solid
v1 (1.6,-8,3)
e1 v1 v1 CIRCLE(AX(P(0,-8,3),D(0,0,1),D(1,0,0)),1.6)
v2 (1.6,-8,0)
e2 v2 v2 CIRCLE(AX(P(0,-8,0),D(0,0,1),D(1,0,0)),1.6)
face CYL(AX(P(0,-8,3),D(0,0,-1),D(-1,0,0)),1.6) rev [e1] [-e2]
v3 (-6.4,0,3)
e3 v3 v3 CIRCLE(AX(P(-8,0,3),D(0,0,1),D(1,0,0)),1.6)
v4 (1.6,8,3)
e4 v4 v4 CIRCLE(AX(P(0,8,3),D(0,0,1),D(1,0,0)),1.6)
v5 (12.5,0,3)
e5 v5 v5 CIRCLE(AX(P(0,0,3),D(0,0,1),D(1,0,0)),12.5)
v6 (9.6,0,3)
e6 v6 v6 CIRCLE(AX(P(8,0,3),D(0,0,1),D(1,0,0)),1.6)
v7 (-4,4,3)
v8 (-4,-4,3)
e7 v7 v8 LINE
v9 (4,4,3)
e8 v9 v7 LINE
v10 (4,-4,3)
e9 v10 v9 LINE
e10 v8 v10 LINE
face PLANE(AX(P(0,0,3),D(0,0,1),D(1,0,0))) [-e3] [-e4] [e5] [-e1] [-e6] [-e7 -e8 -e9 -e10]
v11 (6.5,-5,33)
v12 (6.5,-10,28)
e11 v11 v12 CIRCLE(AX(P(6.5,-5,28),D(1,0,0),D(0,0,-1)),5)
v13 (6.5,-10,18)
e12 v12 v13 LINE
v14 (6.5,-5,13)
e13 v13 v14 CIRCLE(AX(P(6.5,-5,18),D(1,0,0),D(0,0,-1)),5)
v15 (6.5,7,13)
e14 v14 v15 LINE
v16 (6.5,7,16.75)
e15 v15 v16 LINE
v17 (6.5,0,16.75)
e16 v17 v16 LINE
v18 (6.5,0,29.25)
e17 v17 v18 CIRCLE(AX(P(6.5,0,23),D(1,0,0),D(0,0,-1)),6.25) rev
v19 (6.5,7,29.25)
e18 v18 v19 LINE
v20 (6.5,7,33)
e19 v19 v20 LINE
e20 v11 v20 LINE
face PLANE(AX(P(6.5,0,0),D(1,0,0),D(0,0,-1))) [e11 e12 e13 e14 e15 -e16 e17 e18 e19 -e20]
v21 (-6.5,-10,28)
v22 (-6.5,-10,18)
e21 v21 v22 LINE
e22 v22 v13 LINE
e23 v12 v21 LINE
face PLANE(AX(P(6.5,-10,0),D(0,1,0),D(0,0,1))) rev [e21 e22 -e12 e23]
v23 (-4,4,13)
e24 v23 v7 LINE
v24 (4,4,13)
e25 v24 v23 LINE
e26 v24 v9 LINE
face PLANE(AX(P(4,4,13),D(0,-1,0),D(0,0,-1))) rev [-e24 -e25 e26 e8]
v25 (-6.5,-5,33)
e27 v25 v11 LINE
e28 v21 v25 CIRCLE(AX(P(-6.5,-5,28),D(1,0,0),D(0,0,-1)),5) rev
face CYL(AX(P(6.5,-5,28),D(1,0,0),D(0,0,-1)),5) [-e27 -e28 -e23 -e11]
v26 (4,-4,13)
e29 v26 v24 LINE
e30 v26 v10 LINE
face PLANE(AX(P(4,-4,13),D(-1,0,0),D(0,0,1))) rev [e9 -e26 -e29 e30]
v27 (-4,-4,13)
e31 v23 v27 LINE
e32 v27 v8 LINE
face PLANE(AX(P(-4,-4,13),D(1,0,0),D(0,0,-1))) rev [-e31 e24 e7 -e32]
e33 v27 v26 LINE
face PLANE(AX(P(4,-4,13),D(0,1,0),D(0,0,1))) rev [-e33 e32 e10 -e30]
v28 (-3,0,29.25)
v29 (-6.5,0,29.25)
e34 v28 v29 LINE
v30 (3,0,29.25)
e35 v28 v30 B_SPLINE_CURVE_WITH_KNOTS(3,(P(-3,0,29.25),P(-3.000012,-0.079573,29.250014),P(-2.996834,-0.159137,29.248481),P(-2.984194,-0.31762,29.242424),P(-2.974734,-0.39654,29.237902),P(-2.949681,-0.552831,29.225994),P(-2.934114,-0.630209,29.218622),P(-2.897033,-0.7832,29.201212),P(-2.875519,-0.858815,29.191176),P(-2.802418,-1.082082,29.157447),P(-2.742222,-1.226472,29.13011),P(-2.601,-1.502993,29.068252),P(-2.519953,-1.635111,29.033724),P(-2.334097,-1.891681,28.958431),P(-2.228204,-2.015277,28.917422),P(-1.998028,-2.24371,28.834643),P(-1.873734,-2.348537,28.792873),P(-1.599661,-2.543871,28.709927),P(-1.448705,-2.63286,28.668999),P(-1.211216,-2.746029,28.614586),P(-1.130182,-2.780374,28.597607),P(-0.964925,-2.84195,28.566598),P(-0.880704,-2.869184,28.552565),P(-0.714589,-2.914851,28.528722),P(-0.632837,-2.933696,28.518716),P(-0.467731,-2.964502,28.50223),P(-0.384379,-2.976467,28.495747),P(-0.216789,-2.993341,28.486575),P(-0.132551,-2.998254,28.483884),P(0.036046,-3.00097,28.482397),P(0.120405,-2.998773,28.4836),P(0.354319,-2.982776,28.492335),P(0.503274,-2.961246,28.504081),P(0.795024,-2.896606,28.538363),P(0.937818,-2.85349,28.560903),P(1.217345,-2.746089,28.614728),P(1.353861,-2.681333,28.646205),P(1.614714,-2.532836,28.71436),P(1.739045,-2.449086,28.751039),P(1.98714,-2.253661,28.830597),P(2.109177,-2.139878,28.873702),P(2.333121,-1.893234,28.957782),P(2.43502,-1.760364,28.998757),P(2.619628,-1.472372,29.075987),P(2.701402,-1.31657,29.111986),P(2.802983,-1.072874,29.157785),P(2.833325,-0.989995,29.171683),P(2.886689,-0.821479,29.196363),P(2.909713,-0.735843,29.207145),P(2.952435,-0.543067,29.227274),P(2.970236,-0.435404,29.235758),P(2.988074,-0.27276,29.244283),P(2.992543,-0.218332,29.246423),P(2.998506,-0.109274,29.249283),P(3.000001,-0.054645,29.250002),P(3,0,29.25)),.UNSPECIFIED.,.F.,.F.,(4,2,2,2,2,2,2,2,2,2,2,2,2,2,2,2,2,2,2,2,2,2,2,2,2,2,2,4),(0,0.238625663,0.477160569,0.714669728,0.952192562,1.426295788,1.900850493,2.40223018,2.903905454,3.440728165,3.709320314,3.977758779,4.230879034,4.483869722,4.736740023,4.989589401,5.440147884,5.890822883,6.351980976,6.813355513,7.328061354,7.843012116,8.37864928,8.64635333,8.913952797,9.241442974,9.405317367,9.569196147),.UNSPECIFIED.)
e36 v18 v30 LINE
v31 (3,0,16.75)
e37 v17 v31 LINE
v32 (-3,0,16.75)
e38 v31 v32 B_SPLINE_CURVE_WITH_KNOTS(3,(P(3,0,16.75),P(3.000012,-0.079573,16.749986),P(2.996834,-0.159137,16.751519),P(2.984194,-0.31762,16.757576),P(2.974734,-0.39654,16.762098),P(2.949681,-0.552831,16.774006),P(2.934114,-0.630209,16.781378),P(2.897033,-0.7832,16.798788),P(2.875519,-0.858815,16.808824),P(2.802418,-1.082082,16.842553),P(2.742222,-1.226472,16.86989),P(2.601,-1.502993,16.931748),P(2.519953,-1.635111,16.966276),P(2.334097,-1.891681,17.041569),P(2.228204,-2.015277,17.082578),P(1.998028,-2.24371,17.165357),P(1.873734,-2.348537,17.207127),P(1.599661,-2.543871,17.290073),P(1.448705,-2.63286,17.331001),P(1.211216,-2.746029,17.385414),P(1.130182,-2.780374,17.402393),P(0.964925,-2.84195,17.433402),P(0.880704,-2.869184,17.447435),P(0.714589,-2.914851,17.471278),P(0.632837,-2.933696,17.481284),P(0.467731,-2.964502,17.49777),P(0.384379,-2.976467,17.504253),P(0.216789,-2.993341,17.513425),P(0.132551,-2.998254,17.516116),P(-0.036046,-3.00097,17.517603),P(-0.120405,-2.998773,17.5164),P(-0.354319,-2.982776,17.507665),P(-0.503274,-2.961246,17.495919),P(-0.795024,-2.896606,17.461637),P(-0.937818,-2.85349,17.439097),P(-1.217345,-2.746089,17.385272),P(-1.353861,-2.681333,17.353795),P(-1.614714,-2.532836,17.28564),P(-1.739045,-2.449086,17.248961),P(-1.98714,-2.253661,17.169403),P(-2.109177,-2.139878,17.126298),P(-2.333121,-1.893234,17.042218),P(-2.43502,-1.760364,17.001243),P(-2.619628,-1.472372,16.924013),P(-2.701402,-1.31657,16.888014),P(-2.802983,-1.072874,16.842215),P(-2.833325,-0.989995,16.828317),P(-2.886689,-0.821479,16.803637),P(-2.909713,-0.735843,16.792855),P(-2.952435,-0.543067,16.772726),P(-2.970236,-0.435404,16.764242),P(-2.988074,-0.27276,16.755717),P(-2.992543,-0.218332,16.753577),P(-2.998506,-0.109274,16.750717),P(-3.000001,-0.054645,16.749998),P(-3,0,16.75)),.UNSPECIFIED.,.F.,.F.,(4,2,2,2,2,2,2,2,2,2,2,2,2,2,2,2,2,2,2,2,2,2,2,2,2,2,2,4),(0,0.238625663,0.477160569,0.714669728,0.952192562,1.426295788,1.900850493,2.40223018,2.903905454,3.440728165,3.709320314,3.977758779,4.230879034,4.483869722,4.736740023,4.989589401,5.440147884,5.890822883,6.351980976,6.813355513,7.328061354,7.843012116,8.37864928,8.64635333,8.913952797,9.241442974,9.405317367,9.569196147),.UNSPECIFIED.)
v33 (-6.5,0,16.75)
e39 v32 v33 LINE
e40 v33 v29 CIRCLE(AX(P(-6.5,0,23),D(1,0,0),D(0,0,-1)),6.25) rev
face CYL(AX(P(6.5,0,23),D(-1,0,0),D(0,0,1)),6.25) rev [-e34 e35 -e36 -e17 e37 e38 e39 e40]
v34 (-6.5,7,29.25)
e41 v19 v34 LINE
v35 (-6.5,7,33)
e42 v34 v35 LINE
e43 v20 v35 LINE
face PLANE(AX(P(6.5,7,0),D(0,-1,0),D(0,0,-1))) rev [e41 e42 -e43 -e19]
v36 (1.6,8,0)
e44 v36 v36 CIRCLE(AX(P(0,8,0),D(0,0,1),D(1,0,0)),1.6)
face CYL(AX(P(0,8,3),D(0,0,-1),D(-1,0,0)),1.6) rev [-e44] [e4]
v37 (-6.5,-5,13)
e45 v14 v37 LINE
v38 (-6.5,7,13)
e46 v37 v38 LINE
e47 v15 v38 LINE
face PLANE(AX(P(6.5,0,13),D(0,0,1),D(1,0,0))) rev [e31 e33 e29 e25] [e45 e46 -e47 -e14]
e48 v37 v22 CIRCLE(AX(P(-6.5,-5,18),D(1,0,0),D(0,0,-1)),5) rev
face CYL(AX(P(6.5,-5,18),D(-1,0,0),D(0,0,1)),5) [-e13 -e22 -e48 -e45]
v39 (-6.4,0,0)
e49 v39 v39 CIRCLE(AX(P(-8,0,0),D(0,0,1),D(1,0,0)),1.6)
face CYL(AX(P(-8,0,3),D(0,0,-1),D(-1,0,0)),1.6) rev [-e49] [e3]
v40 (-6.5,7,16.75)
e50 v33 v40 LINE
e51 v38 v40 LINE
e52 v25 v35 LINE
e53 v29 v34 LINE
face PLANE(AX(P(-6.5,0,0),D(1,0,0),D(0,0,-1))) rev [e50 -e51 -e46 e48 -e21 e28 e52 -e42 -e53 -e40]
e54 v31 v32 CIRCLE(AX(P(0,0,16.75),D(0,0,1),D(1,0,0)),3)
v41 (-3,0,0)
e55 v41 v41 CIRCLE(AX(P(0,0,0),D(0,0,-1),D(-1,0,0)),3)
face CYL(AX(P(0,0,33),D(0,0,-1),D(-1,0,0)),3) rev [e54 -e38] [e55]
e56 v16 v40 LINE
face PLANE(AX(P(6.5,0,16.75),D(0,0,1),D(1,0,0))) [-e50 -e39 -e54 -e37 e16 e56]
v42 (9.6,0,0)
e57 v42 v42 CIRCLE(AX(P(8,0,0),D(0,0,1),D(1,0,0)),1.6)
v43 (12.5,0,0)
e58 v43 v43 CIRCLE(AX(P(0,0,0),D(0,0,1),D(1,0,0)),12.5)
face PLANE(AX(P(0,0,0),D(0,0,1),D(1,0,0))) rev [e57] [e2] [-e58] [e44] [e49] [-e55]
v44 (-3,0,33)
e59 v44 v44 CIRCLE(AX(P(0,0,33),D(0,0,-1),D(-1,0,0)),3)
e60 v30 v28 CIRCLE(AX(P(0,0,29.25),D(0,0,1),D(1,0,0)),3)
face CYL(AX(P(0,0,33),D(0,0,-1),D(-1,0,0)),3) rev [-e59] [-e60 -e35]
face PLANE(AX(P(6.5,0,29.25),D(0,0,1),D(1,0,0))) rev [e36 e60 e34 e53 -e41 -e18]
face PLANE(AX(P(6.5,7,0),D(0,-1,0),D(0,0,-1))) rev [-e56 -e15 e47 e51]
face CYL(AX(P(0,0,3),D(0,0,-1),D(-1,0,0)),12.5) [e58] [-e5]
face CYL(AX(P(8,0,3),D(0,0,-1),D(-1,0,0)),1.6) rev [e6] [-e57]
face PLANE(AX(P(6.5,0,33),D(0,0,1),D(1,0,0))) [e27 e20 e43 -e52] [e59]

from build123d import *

# Parameters (mm, degrees)
SKETCH_1_R          = 12.5
SKETCH_1_R_2        = 1.6
EXTRUDE_1_DEPTH     = 3
SKETCH_2_W          = 8
SKETCH_2_H          = 8
EXTRUDE_2_DEPTH     = 10
EXTRUDE_3_DEPTH     = 6.5
SKETCH_5_R          = 3
CUT_EXTRUDE_1_DEPTH = 38.436613095
FILLET_1_R          = 5


with BuildPart() as part:
    # 草图1 → 凸台-拉伸1 (new body)
    with BuildSketch(Plane.XY):
        Circle(SKETCH_1_R)
        with Locations((0, 8)):
            Circle(SKETCH_1_R_2, mode=Mode.SUBTRACT)
        with Locations((8, 0)):
            Circle(SKETCH_1_R_2, mode=Mode.SUBTRACT)
        with Locations((0, -8)):
            Circle(SKETCH_1_R_2, mode=Mode.SUBTRACT)
        with Locations((-8, 0)):
            Circle(SKETCH_1_R_2, mode=Mode.SUBTRACT)
    extrude(amount=EXTRUDE_1_DEPTH)

    # 草图2 → 凸台-拉伸2 (add)
    with BuildSketch(Plane.XY.offset(3)):
        Rectangle(SKETCH_2_W, SKETCH_2_H)
    extrude(amount=EXTRUDE_2_DEPTH)

    # 草图4 → 凸台-拉伸3 (add, symmetric)
    with BuildSketch(Plane.ZY):
        with BuildLine():
            Line((13, -10), (33, -10))
            Line((33, -10), (33, 7))
            Line((33, 7), (29.25, 7))
            Line((29.25, 7), (29.25, 0))
            ThreePointArc((29.25, 0), (23, -6.25), (16.75, 0))
            Line((16.75, 0), (16.75, 7))
            Line((16.75, 7), (13, 7))
            Line((13, 7), (13, -10))
        make_face()
    extrude(amount=EXTRUDE_3_DEPTH, both=True)

    # 草图5 → 切除-拉伸1 (cut, through all)
    with BuildSketch(Plane(origin=(0, 0, 0), x_dir=(-1, 0, 0), z_dir=(0, 0, -1))):
        Circle(SKETCH_5_R)
    extrude(amount=-CUT_EXTRUDE_1_DEPTH, mode=Mode.SUBTRACT)

    # 圆角1
    fillet_1_edges = [part.edges().sort_by_distance(p)[0] for p in [
        (0, -10, 13),
        (0, -10, 33),
    ]]
    fillet(fillet_1_edges, radius=FILLET_1_R)


solid = part.part
